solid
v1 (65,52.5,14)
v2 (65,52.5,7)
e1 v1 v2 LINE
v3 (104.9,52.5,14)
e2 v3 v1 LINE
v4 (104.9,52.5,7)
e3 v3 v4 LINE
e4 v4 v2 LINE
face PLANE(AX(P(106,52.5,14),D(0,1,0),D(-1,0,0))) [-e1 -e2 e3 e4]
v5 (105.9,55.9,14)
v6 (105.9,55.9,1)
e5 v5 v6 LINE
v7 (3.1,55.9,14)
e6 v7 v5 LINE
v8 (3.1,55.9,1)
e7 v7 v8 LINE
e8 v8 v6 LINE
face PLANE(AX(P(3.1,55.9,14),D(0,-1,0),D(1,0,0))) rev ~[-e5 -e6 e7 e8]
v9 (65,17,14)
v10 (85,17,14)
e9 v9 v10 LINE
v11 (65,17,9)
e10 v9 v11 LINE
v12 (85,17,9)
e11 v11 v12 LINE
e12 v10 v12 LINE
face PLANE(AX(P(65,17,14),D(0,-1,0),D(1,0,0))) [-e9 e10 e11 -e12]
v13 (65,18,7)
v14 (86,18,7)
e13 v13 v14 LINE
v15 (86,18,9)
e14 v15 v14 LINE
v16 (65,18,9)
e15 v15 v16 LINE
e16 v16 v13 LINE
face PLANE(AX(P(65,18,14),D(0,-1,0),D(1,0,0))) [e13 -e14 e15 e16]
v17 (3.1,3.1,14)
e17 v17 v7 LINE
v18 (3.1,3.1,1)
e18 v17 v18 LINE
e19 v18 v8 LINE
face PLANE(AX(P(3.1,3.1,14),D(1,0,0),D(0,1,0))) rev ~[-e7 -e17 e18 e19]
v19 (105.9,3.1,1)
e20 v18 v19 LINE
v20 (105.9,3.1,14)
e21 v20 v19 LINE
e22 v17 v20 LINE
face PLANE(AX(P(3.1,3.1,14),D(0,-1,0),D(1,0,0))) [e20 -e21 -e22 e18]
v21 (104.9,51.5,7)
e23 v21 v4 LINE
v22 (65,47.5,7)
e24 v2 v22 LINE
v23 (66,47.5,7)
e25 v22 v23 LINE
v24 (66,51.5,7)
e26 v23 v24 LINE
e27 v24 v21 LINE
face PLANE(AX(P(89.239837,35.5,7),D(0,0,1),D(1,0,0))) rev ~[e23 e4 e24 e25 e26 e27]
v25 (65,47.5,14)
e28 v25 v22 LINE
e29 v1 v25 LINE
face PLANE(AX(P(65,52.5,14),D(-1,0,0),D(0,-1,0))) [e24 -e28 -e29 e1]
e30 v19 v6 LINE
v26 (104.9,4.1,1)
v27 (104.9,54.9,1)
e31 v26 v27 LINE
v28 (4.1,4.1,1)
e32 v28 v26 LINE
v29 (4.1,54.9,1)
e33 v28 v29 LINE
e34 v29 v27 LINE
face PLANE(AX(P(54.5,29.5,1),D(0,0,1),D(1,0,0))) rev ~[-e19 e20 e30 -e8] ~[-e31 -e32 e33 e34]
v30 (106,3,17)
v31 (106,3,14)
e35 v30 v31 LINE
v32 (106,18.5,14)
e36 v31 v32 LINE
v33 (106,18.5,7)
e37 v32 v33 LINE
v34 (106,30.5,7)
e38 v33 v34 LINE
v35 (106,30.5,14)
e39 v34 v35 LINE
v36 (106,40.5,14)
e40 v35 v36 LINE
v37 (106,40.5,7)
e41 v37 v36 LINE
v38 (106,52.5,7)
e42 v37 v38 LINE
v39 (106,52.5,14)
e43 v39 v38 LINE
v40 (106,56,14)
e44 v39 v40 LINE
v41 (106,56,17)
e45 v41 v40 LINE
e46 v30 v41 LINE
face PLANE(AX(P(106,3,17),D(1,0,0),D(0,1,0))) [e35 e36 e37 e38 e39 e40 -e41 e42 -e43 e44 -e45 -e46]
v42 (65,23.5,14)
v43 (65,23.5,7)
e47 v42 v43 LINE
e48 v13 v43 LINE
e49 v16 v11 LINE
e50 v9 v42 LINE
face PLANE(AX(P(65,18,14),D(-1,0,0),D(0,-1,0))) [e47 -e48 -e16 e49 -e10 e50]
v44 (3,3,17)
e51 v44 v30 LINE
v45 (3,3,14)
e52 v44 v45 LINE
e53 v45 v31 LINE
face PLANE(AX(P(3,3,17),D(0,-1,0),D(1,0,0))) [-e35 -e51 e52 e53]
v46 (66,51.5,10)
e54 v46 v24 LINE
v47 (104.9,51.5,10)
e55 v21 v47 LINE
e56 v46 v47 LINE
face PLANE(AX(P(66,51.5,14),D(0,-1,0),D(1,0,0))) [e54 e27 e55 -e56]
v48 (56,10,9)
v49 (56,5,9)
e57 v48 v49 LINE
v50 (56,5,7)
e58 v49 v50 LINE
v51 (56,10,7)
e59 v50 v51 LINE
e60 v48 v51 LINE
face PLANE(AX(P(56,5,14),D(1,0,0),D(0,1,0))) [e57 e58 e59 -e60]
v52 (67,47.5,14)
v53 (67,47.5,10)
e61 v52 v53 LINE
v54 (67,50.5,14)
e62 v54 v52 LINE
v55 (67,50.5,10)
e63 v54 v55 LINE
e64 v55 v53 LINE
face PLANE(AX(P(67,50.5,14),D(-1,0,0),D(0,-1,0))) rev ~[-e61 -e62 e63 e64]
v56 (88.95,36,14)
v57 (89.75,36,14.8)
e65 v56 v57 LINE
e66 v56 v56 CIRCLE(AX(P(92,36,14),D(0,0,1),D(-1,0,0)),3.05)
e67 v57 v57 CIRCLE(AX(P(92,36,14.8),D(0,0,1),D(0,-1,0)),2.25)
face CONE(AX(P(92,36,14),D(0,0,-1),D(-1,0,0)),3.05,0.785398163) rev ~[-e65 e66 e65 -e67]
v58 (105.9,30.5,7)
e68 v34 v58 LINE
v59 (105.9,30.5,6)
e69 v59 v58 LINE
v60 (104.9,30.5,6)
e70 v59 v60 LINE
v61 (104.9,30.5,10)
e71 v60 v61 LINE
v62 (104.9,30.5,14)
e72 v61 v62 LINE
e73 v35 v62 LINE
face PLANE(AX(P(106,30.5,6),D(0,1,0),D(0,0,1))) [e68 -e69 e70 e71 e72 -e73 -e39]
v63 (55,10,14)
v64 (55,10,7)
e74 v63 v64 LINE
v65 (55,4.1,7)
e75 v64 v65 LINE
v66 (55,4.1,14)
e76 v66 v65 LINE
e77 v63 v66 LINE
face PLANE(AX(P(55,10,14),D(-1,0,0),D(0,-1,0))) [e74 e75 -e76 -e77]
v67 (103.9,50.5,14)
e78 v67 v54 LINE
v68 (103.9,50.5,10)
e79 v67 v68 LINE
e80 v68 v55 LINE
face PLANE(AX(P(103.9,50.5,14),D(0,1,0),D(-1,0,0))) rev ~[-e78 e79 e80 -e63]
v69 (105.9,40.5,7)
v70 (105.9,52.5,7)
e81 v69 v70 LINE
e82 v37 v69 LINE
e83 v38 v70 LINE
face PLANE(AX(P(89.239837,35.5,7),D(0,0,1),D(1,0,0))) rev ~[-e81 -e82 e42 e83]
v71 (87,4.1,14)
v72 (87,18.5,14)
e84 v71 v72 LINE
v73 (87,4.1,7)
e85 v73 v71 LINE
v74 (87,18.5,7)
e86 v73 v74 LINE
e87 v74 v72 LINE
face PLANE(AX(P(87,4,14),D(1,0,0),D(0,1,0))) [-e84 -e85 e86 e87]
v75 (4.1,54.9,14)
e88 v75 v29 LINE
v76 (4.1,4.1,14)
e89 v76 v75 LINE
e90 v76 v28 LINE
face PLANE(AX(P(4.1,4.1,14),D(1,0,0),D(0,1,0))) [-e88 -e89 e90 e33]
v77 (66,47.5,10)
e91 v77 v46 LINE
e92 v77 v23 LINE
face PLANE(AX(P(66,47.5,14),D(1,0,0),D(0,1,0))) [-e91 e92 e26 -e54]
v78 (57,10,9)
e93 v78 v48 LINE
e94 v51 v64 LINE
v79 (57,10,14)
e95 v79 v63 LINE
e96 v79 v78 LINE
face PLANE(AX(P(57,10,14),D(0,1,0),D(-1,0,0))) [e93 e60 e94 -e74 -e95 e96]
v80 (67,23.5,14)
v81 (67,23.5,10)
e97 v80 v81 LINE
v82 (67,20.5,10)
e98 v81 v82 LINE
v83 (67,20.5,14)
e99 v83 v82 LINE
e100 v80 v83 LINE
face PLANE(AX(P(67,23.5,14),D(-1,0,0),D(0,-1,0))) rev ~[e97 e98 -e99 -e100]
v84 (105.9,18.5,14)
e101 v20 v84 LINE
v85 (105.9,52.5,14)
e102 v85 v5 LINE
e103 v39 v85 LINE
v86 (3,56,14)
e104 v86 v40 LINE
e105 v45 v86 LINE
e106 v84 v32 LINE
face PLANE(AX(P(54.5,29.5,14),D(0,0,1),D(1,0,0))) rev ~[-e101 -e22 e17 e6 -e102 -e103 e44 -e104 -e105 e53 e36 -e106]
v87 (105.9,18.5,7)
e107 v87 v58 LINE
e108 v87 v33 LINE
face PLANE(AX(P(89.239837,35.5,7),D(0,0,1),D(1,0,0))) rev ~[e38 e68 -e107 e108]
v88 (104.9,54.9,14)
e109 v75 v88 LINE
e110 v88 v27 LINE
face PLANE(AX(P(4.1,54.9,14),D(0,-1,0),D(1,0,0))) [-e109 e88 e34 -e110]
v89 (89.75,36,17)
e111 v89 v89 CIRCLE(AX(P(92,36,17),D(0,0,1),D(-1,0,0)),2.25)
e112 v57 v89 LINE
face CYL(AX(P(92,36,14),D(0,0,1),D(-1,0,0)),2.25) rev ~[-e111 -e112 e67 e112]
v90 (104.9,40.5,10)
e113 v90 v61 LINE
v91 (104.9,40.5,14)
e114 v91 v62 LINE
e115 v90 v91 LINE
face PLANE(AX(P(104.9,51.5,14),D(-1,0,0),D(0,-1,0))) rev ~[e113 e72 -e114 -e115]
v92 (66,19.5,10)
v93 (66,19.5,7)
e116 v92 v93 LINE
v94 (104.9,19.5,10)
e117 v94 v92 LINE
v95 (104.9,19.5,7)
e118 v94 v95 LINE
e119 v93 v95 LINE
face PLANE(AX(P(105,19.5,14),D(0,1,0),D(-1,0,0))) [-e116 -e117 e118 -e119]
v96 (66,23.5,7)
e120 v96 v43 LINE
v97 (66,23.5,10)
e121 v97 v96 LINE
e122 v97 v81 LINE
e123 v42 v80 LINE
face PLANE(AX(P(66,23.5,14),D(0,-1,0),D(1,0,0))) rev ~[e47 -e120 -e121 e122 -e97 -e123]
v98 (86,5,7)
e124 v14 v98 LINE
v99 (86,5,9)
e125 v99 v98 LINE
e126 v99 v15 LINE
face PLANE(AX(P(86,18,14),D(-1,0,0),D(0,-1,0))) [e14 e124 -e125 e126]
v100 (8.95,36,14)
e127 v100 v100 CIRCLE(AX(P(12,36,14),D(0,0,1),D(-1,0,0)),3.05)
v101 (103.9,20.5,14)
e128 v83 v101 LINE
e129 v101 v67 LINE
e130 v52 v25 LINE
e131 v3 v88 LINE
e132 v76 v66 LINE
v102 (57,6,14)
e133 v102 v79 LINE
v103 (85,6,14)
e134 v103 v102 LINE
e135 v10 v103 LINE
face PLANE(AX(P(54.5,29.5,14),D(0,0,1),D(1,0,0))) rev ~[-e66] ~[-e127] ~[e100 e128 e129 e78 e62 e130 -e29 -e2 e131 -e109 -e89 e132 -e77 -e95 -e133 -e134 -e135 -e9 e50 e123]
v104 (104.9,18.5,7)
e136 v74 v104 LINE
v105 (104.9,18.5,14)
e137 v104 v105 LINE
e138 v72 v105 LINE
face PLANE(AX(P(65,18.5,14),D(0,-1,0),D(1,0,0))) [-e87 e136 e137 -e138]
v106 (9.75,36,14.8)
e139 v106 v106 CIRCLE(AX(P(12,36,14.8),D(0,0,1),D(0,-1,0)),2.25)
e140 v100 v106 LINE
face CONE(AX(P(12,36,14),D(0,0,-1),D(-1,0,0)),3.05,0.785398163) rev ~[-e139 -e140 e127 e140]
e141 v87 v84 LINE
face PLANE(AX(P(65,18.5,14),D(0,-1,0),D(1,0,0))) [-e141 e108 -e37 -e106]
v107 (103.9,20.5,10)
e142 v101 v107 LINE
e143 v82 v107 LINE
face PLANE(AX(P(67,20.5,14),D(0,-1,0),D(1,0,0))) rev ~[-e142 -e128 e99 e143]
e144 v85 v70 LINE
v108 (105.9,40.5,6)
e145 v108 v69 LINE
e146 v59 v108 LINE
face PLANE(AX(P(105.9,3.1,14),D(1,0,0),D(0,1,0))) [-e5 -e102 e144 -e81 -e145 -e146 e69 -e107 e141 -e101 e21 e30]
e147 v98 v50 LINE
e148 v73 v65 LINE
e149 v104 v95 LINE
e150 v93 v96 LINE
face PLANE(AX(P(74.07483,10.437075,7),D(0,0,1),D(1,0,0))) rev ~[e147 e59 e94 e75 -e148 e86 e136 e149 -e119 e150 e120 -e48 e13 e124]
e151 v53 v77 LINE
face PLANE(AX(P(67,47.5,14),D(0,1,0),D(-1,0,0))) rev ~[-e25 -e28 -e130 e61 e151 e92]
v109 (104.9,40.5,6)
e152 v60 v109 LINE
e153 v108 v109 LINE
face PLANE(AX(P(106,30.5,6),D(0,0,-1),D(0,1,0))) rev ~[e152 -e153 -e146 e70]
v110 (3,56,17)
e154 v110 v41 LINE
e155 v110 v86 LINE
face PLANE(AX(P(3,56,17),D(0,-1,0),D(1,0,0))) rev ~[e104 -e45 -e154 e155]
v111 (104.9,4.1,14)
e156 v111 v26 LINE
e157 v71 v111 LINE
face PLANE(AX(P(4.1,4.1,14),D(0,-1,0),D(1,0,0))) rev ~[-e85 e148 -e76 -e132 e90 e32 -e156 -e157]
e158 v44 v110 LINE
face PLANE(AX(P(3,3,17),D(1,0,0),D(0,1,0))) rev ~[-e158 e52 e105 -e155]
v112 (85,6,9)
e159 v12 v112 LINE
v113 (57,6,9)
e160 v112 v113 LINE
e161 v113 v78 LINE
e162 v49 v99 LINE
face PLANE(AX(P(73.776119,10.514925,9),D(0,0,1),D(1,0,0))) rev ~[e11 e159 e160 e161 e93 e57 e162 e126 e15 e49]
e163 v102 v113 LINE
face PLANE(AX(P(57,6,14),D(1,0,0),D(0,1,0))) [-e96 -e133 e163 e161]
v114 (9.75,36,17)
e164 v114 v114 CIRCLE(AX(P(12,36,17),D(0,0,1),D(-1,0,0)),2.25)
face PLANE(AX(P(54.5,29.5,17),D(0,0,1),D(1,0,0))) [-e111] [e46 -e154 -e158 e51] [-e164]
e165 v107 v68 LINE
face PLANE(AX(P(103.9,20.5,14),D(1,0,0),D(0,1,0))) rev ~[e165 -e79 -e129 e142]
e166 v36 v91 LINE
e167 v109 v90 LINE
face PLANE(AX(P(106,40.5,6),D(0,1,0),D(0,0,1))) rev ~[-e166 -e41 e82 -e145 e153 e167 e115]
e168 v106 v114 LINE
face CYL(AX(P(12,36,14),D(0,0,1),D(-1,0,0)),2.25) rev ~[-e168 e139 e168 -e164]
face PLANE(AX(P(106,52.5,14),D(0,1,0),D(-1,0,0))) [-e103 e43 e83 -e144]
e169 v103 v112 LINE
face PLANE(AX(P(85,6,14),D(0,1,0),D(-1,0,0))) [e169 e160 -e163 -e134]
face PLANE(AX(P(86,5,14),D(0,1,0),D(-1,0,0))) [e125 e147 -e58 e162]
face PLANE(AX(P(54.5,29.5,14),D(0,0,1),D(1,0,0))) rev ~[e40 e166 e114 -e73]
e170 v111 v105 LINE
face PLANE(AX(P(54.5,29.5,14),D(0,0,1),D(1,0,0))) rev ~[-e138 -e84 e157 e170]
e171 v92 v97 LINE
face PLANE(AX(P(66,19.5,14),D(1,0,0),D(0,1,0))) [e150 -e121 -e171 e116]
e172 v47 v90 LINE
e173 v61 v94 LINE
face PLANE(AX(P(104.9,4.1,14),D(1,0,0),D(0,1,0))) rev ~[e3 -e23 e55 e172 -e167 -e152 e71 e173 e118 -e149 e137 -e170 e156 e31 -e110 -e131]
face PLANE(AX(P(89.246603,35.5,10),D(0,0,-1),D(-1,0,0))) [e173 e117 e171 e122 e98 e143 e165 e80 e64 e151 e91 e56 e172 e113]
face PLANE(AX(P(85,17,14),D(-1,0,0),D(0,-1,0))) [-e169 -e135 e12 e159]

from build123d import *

# Parameters (mm, degrees)
SKETCH022_W         = 103
SKETCH022_H         = 53
PAD014_DEPTH        = 3
HOLE002_D           = 4.5
HOLE002_DEPTH       = 25
HOLE002_CSINK_D     = 6.1
HOLE002_CSINK_ANGLE = 90
PAD015_DEPTH        = 7
SKETCH025_W         = 102.8
SKETCH025_H         = 52.8
SKETCH025_W_2       = 100.8
SKETCH025_H_2       = 50.8
PAD016_DEPTH        = 13
PAD017_DEPTH        = 7
SKETCH026_W         = 10
SKETCH026_H         = 8
POCKET003_DEPTH     = 5
PAD027_DEPTH        = 5
PAD028_DEPTH        = 4


with BuildPart() as part:
    # Sketch022 → Pad014 (new body)
    with BuildSketch(Plane.XY):
        with Locations((51.5, 26.5)):
            Rectangle(SKETCH022_W, SKETCH022_H)
    extrude(amount=-PAD014_DEPTH)

    # Hole002
    with Locations(Plane(origin=(0, 0, -3), x_dir=(1, 0, 0), z_dir=(0, 0, -1))):
        with Locations((9, -33), (89, -33)):
            CounterSinkHole(HOLE002_D / 2, HOLE002_CSINK_D / 2, depth=HOLE002_DEPTH, counter_sink_angle=HOLE002_CSINK_ANGLE)

    # Sketch024 → Pad015 (join)
    with BuildSketch(Plane.XY.offset(-3)):
        Polygon((103, 49.5), (62, 49.5), (62, 44.5), (63, 44.5), (63, 48.5), (102, 48.5), (102, 16.5), (63, 16.5), (63, 20.5), (62, 20.5), (62, 15.5), (103, 15.5), align=None)
    extrude(amount=-PAD015_DEPTH)

    # Sketch025 → Pad016 (join)
    with BuildSketch(Plane.XY.offset(-3)):
        with Locations((51.5, 26.5)):
            Rectangle(SKETCH025_W, SKETCH025_H)
        with Locations((51.5, 26.5)):
            Rectangle(SKETCH025_W_2, SKETCH025_H_2, mode=Mode.SUBTRACT)
    extrude(amount=-PAD016_DEPTH)

    # Sketch027 → Pad017 (join)
    with BuildSketch(Plane.XY.offset(-3)):
        Polygon((52, 1), (84, 1), (84, 16.5), (62, 16.5), (62, 15), (83, 15), (83, 2), (53, 2), (53, 7), (52, 7), align=None)
    extrude(amount=-PAD017_DEPTH)

    # Sketch026 (on Face7 of Pad017) → Pocket003 (cut)
    with BuildSketch(Plane.YZ.offset(103)):
        with Locations((32.5, -7)):
            Rectangle(SKETCH026_W, SKETCH026_H)
    extrude(amount=-POCKET003_DEPTH, mode=Mode.SUBTRACT)

    # Sketch040 → Pad027 (join)
    with BuildSketch(Plane.XY.offset(-3)):
        Polygon((53, 7), (53, 2), (83, 2), (83, 15), (62, 15), (62, 14), (82, 14), (82, 3), (54, 3), (54, 7), align=None)
    extrude(amount=-PAD027_DEPTH)

    # Sketch041 → Pad028 (join)
    with BuildSketch(Plane.XY.offset(-3)):
        Polygon((63, 44.5), (63, 48.5), (101.9, 48.5), (101.9, 16.5), (63, 16.5), (63, 20.5), (64, 20.5), (64, 17.5), (100.9, 17.5), (100.9, 47.5), (64, 47.5), (64, 44.5), align=None)
    extrude(amount=-PAD028_DEPTH)


with BuildPart() as part_1:
    # Body009 placement: moved
    add(part.part.moved(Location((3, 3, 17))))


solid = part_1.part
